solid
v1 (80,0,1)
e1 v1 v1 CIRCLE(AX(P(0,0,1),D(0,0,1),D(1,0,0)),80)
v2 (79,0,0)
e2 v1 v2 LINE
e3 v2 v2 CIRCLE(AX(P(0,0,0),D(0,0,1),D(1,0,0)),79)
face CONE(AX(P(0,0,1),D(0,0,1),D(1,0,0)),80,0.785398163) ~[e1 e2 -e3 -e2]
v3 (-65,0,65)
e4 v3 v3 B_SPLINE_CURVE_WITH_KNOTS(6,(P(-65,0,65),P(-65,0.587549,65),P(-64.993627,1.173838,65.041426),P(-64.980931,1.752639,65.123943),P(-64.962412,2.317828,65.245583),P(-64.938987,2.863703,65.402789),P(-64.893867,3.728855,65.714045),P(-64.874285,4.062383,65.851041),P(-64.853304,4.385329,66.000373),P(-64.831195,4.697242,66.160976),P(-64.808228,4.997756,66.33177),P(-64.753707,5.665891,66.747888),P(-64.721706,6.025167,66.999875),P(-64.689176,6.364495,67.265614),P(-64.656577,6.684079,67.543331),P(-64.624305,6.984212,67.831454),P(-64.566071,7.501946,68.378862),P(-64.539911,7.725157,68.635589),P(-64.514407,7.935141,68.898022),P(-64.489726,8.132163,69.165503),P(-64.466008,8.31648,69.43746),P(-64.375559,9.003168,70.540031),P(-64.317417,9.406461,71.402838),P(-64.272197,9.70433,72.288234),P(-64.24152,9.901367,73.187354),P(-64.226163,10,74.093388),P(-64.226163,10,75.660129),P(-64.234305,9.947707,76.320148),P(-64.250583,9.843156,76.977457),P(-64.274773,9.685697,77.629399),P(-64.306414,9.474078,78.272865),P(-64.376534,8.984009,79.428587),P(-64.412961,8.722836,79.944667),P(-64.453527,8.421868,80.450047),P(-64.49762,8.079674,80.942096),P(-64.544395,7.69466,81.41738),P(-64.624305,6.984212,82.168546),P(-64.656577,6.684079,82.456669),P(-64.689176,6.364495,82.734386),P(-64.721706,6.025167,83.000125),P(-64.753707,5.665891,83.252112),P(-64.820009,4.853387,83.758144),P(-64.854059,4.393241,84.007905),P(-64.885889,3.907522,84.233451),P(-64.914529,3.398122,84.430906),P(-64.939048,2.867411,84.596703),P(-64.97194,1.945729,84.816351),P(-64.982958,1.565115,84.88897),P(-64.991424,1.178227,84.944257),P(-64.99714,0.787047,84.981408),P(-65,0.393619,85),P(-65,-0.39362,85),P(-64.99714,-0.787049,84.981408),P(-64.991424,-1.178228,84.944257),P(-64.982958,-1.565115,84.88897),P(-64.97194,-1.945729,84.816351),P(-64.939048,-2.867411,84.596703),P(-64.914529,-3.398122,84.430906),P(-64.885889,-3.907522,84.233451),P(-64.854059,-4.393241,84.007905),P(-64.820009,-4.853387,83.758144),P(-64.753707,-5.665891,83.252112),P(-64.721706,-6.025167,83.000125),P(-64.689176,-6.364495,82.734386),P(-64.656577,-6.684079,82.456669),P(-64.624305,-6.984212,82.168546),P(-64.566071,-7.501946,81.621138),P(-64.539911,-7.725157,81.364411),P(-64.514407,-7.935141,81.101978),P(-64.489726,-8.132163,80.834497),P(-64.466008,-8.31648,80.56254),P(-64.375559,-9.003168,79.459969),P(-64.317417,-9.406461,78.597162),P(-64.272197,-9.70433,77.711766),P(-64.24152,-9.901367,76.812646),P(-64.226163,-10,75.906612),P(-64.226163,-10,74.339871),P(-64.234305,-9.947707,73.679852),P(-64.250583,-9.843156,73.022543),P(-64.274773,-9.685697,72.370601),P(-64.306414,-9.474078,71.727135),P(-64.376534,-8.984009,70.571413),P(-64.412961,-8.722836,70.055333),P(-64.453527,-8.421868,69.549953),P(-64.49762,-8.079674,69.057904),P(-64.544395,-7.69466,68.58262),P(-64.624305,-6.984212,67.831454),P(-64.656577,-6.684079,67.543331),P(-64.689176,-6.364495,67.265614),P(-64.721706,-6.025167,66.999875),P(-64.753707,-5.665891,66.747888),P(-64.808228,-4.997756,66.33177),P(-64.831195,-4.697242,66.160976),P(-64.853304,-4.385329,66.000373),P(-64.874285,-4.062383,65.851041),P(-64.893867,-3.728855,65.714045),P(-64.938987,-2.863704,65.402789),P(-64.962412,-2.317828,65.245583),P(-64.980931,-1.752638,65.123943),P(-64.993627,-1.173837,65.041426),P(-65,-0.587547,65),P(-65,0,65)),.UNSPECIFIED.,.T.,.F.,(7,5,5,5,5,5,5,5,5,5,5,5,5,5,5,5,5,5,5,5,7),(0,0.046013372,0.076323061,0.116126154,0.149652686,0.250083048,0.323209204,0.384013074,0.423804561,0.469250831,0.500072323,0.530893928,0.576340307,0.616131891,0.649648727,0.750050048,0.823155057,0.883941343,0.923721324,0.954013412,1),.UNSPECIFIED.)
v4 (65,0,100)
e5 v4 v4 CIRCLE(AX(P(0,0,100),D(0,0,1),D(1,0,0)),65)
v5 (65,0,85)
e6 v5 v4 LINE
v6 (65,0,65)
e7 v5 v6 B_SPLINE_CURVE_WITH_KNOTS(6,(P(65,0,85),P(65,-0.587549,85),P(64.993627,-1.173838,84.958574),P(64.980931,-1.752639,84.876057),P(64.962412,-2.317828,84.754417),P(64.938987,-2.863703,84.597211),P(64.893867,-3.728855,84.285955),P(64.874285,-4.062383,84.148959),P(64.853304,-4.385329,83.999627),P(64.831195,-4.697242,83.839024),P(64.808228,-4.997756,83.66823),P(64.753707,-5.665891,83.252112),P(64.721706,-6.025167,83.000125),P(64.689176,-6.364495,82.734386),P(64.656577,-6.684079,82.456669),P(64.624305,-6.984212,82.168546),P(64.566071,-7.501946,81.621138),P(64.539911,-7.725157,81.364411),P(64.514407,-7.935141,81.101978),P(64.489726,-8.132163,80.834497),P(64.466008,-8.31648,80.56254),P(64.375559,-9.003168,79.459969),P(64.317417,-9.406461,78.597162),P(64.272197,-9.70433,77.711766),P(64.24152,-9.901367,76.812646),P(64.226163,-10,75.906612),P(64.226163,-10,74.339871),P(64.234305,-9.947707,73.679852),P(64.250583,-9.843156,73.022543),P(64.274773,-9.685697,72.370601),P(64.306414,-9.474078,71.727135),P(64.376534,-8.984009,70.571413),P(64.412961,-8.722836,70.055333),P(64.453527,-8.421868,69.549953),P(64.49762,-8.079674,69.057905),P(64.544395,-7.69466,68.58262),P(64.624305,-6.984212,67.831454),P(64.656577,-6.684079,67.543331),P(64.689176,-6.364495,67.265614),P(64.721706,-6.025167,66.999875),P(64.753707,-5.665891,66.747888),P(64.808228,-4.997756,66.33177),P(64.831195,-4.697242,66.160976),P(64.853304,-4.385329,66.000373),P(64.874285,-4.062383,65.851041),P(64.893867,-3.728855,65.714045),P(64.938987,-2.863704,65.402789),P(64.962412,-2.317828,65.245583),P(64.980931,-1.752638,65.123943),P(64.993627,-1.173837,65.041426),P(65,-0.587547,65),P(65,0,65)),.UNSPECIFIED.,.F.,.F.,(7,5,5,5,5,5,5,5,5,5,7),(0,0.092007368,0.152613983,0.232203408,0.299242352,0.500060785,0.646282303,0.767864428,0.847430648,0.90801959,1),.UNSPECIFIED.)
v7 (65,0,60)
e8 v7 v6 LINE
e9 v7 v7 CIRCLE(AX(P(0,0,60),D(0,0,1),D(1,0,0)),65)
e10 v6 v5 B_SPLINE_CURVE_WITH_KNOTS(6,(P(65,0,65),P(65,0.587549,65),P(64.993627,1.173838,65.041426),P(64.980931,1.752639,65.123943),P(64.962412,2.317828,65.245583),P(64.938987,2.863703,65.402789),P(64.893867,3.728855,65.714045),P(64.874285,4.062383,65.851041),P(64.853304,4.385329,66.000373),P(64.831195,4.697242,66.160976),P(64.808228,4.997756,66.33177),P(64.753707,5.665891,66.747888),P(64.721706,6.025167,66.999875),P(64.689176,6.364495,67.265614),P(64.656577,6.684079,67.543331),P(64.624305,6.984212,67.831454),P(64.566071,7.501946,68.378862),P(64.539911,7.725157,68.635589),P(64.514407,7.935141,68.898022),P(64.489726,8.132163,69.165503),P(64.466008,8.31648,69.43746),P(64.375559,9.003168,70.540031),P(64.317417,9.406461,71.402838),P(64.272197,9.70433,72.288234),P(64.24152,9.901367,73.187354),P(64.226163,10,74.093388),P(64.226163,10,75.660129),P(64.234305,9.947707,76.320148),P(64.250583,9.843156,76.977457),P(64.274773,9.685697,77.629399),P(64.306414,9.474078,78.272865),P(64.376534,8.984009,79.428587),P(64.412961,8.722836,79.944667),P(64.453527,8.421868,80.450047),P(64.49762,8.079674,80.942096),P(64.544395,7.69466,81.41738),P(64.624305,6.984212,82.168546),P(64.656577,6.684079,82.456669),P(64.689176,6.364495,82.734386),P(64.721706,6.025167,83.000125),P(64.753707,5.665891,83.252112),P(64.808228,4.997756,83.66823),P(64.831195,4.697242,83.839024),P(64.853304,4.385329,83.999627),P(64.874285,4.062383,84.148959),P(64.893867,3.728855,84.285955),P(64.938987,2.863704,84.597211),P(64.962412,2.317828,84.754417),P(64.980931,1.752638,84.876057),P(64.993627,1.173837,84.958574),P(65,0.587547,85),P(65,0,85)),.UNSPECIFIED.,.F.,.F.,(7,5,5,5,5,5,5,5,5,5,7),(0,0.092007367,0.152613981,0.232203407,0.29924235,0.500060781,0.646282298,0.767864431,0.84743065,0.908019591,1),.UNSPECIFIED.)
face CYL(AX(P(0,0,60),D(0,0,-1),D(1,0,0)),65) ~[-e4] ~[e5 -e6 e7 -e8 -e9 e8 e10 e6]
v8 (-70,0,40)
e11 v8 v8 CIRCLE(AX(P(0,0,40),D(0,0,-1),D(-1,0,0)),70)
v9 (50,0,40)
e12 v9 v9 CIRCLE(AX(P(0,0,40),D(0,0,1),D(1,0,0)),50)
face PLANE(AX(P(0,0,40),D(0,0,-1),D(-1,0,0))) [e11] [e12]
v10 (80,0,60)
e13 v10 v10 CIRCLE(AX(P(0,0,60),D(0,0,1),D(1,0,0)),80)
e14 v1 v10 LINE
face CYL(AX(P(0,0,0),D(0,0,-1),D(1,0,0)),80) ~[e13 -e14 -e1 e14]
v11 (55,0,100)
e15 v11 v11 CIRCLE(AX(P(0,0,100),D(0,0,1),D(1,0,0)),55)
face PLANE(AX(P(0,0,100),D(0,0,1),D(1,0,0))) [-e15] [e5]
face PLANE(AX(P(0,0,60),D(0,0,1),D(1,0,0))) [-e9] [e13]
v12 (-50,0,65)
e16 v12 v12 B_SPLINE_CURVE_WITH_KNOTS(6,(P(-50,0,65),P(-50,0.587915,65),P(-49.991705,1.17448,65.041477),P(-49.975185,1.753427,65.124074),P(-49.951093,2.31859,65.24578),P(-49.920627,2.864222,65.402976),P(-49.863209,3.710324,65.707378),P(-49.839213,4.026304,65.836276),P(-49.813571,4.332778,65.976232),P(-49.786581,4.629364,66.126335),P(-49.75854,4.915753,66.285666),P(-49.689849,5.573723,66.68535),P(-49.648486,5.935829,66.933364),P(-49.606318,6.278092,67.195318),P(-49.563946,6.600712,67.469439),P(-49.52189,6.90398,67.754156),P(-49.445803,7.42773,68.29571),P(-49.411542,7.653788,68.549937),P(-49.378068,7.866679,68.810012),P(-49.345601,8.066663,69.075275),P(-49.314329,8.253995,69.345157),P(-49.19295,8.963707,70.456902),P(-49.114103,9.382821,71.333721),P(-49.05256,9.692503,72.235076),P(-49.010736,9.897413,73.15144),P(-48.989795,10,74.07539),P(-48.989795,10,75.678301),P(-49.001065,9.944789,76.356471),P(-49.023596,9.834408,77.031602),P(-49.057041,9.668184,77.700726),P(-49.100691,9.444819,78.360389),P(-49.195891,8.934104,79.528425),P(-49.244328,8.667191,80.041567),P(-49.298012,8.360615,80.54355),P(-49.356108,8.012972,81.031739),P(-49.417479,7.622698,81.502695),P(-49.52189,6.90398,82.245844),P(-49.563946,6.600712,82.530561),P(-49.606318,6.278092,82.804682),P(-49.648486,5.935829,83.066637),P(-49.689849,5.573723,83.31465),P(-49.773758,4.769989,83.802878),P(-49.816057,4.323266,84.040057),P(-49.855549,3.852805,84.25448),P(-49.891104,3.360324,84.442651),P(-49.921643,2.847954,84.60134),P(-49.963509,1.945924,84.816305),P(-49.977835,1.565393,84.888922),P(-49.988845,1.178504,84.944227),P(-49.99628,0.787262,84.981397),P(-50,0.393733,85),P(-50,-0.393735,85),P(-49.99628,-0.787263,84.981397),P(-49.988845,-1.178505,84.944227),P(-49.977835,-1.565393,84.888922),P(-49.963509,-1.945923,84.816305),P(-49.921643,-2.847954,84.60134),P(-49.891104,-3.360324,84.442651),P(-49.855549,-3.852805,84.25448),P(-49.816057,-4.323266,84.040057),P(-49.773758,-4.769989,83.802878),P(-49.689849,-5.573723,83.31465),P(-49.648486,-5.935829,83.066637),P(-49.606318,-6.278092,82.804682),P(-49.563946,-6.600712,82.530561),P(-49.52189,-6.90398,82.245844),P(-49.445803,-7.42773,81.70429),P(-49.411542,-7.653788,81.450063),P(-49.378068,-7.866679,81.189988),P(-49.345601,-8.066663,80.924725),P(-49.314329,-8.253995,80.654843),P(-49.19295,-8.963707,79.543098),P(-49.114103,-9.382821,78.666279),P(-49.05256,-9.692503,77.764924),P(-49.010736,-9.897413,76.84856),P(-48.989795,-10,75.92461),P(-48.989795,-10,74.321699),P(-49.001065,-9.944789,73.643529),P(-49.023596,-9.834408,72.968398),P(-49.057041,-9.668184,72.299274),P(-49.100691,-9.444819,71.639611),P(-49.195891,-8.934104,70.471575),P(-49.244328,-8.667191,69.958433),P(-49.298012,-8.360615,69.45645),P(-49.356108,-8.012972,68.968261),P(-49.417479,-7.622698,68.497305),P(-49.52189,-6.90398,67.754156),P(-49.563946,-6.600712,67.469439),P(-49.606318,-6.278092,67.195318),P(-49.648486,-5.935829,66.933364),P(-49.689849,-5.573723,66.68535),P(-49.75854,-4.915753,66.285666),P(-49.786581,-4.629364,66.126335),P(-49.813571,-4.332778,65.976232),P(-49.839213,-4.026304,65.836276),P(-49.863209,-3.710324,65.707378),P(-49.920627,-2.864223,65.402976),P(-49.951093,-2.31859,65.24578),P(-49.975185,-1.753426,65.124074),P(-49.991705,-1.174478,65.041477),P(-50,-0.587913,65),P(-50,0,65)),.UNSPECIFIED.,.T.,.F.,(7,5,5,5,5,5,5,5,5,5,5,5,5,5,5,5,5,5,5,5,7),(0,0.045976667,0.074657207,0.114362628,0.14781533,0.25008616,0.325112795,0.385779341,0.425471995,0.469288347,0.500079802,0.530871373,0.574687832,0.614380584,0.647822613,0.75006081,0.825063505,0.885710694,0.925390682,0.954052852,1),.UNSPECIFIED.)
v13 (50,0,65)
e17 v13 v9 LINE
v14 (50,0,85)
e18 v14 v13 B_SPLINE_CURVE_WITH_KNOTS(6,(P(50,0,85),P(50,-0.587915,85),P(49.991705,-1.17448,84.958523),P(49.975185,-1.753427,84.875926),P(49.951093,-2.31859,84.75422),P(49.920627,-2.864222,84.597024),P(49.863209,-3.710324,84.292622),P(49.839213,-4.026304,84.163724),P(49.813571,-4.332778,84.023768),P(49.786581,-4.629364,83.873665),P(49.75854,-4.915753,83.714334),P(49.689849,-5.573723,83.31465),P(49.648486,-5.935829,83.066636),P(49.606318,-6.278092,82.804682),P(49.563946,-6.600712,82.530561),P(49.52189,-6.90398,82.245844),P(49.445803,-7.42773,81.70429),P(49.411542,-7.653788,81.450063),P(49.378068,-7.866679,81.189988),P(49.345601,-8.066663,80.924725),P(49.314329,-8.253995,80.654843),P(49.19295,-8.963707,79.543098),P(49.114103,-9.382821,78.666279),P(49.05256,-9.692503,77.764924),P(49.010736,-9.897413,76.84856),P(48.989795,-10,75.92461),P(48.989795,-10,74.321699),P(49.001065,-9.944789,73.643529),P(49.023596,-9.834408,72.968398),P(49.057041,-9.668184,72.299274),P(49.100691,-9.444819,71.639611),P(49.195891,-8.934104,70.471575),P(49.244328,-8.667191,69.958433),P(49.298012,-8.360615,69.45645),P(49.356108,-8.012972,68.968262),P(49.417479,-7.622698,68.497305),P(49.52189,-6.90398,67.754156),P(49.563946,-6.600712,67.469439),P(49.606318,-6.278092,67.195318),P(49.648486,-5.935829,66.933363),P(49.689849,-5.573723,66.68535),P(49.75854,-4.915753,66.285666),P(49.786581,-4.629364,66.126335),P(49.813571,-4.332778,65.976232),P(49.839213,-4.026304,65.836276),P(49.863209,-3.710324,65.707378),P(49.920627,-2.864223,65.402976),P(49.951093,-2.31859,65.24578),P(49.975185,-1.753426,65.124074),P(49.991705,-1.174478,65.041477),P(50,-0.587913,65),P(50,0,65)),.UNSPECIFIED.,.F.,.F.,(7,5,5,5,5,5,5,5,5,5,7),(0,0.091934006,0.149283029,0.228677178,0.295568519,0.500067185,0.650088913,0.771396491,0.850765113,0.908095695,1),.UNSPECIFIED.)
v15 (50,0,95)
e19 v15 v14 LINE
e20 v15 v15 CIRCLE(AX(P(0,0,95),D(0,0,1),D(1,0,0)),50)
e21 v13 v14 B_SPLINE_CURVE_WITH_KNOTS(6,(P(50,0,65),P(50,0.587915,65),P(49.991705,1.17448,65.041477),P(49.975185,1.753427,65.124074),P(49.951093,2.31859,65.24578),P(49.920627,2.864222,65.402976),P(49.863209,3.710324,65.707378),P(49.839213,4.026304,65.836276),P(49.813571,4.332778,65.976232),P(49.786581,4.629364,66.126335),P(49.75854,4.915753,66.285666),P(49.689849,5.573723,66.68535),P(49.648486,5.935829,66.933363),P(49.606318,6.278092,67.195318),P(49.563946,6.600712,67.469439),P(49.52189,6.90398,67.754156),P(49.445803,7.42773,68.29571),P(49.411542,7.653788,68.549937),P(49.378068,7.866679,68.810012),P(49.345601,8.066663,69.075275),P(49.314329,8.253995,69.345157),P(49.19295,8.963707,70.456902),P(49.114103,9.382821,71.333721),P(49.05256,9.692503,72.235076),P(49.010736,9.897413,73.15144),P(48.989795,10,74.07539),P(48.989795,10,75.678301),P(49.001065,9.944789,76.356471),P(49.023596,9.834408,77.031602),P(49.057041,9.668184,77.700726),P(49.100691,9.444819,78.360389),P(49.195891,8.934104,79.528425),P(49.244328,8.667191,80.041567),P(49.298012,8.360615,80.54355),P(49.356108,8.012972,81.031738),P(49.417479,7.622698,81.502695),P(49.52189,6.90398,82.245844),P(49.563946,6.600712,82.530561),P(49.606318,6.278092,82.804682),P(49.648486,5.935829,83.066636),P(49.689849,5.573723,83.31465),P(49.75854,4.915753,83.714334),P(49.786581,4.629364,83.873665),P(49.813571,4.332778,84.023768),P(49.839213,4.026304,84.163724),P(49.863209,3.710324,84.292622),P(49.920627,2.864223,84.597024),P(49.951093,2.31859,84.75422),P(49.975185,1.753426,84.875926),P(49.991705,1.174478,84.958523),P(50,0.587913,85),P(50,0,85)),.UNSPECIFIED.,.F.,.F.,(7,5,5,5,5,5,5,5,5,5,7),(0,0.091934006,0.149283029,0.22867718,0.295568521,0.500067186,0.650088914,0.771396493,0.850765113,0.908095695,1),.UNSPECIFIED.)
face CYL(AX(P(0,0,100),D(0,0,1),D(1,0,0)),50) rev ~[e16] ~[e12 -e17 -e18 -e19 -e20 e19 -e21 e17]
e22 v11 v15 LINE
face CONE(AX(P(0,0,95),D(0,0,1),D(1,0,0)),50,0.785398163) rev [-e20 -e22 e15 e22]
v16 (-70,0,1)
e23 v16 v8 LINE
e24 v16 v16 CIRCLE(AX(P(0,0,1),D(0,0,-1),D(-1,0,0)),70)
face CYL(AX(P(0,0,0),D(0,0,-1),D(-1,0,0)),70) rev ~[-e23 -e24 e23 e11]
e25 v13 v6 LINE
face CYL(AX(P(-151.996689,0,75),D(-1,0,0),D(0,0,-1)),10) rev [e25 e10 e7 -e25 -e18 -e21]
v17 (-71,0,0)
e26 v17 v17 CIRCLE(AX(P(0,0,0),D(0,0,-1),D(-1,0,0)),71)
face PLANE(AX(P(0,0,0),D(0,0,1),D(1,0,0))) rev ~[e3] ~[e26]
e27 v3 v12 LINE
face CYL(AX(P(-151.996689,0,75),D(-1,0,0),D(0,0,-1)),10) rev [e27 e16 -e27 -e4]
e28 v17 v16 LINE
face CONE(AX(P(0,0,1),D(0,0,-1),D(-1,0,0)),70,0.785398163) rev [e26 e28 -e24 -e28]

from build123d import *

# Parameters (mm, degrees)
SKETCH_1_R               = 80
EXTRUDE_1_DEPTH          = 60
SKETCH_2_R               = 65
EXTRUDE_2_DEPTH          = 40
SKETCH_3_R               = 70
CUT_EXTRUDE_1_DEPTH      = 40
SKETCH_4_R               = 50
CUT_EXTRUDE_2_DEPTH      = 151.996688705
CHAMFER_1_SIZE           = 1
CUT_EXTRUDE_3_DEPTH      = 151.996688705
CUT_EXTRUDE_3_DEPTH_BACK = 151.996688705
SKETCH_5_R               = 10
CHAMFER_2_SIZE           = 5


with BuildPart() as part:
    # Эскиз1 → Бобышка-Вытянуть1 (new body)
    with BuildSketch(Plane.XY):
        Circle(SKETCH_1_R)
    extrude(amount=EXTRUDE_1_DEPTH)

    # Эскиз2 → Бобышка-Вытянуть2 (add)
    with BuildSketch(Plane.XY.offset(60)):
        Circle(SKETCH_2_R)
    extrude(amount=EXTRUDE_2_DEPTH)

    # Эскиз3 → Вырез-Вытянуть1 (cut)
    with BuildSketch(Plane(origin=(0, 0, 0), x_dir=(-1, 0, 0), z_dir=(0, 0, -1))):
        Circle(SKETCH_3_R)
    extrude(amount=-CUT_EXTRUDE_1_DEPTH, mode=Mode.SUBTRACT)

    # Эскиз4 → Вырез-Вытянуть2 (cut, through all)
    with BuildSketch(Plane.XY.offset(100)):
        Circle(SKETCH_4_R)
    extrude(amount=-CUT_EXTRUDE_2_DEPTH, mode=Mode.SUBTRACT)

    # Фаска1
    chamfer_1_edges = [part.edges().sort_by_distance(p)[0] for p in [
        (70, 0, 0),
        (-80, 0, 0),
    ]]
    chamfer(chamfer_1_edges, length=CHAMFER_1_SIZE)

    # Эскиз5 → Вырез-Вытянуть3 (cut, two sides: drawn at the far end of the back side and taken through both)
    with BuildSketch(Plane(origin=(0, 0, 0), x_dir=(0, 0, -1), z_dir=(1, 0, 0)).offset(-CUT_EXTRUDE_3_DEPTH_BACK)):
        with Locations((-75, 0)):
            Circle(SKETCH_5_R)
    extrude(amount=CUT_EXTRUDE_3_DEPTH + CUT_EXTRUDE_3_DEPTH_BACK, mode=Mode.SUBTRACT)

    # Фаска2
    chamfer_2_edges = [part.edges().sort_by_distance(p)[0] for p in [
        (-50, 0, 100),
    ]]
    chamfer(chamfer_2_edges, length=CHAMFER_2_SIZE)


solid = part.part
